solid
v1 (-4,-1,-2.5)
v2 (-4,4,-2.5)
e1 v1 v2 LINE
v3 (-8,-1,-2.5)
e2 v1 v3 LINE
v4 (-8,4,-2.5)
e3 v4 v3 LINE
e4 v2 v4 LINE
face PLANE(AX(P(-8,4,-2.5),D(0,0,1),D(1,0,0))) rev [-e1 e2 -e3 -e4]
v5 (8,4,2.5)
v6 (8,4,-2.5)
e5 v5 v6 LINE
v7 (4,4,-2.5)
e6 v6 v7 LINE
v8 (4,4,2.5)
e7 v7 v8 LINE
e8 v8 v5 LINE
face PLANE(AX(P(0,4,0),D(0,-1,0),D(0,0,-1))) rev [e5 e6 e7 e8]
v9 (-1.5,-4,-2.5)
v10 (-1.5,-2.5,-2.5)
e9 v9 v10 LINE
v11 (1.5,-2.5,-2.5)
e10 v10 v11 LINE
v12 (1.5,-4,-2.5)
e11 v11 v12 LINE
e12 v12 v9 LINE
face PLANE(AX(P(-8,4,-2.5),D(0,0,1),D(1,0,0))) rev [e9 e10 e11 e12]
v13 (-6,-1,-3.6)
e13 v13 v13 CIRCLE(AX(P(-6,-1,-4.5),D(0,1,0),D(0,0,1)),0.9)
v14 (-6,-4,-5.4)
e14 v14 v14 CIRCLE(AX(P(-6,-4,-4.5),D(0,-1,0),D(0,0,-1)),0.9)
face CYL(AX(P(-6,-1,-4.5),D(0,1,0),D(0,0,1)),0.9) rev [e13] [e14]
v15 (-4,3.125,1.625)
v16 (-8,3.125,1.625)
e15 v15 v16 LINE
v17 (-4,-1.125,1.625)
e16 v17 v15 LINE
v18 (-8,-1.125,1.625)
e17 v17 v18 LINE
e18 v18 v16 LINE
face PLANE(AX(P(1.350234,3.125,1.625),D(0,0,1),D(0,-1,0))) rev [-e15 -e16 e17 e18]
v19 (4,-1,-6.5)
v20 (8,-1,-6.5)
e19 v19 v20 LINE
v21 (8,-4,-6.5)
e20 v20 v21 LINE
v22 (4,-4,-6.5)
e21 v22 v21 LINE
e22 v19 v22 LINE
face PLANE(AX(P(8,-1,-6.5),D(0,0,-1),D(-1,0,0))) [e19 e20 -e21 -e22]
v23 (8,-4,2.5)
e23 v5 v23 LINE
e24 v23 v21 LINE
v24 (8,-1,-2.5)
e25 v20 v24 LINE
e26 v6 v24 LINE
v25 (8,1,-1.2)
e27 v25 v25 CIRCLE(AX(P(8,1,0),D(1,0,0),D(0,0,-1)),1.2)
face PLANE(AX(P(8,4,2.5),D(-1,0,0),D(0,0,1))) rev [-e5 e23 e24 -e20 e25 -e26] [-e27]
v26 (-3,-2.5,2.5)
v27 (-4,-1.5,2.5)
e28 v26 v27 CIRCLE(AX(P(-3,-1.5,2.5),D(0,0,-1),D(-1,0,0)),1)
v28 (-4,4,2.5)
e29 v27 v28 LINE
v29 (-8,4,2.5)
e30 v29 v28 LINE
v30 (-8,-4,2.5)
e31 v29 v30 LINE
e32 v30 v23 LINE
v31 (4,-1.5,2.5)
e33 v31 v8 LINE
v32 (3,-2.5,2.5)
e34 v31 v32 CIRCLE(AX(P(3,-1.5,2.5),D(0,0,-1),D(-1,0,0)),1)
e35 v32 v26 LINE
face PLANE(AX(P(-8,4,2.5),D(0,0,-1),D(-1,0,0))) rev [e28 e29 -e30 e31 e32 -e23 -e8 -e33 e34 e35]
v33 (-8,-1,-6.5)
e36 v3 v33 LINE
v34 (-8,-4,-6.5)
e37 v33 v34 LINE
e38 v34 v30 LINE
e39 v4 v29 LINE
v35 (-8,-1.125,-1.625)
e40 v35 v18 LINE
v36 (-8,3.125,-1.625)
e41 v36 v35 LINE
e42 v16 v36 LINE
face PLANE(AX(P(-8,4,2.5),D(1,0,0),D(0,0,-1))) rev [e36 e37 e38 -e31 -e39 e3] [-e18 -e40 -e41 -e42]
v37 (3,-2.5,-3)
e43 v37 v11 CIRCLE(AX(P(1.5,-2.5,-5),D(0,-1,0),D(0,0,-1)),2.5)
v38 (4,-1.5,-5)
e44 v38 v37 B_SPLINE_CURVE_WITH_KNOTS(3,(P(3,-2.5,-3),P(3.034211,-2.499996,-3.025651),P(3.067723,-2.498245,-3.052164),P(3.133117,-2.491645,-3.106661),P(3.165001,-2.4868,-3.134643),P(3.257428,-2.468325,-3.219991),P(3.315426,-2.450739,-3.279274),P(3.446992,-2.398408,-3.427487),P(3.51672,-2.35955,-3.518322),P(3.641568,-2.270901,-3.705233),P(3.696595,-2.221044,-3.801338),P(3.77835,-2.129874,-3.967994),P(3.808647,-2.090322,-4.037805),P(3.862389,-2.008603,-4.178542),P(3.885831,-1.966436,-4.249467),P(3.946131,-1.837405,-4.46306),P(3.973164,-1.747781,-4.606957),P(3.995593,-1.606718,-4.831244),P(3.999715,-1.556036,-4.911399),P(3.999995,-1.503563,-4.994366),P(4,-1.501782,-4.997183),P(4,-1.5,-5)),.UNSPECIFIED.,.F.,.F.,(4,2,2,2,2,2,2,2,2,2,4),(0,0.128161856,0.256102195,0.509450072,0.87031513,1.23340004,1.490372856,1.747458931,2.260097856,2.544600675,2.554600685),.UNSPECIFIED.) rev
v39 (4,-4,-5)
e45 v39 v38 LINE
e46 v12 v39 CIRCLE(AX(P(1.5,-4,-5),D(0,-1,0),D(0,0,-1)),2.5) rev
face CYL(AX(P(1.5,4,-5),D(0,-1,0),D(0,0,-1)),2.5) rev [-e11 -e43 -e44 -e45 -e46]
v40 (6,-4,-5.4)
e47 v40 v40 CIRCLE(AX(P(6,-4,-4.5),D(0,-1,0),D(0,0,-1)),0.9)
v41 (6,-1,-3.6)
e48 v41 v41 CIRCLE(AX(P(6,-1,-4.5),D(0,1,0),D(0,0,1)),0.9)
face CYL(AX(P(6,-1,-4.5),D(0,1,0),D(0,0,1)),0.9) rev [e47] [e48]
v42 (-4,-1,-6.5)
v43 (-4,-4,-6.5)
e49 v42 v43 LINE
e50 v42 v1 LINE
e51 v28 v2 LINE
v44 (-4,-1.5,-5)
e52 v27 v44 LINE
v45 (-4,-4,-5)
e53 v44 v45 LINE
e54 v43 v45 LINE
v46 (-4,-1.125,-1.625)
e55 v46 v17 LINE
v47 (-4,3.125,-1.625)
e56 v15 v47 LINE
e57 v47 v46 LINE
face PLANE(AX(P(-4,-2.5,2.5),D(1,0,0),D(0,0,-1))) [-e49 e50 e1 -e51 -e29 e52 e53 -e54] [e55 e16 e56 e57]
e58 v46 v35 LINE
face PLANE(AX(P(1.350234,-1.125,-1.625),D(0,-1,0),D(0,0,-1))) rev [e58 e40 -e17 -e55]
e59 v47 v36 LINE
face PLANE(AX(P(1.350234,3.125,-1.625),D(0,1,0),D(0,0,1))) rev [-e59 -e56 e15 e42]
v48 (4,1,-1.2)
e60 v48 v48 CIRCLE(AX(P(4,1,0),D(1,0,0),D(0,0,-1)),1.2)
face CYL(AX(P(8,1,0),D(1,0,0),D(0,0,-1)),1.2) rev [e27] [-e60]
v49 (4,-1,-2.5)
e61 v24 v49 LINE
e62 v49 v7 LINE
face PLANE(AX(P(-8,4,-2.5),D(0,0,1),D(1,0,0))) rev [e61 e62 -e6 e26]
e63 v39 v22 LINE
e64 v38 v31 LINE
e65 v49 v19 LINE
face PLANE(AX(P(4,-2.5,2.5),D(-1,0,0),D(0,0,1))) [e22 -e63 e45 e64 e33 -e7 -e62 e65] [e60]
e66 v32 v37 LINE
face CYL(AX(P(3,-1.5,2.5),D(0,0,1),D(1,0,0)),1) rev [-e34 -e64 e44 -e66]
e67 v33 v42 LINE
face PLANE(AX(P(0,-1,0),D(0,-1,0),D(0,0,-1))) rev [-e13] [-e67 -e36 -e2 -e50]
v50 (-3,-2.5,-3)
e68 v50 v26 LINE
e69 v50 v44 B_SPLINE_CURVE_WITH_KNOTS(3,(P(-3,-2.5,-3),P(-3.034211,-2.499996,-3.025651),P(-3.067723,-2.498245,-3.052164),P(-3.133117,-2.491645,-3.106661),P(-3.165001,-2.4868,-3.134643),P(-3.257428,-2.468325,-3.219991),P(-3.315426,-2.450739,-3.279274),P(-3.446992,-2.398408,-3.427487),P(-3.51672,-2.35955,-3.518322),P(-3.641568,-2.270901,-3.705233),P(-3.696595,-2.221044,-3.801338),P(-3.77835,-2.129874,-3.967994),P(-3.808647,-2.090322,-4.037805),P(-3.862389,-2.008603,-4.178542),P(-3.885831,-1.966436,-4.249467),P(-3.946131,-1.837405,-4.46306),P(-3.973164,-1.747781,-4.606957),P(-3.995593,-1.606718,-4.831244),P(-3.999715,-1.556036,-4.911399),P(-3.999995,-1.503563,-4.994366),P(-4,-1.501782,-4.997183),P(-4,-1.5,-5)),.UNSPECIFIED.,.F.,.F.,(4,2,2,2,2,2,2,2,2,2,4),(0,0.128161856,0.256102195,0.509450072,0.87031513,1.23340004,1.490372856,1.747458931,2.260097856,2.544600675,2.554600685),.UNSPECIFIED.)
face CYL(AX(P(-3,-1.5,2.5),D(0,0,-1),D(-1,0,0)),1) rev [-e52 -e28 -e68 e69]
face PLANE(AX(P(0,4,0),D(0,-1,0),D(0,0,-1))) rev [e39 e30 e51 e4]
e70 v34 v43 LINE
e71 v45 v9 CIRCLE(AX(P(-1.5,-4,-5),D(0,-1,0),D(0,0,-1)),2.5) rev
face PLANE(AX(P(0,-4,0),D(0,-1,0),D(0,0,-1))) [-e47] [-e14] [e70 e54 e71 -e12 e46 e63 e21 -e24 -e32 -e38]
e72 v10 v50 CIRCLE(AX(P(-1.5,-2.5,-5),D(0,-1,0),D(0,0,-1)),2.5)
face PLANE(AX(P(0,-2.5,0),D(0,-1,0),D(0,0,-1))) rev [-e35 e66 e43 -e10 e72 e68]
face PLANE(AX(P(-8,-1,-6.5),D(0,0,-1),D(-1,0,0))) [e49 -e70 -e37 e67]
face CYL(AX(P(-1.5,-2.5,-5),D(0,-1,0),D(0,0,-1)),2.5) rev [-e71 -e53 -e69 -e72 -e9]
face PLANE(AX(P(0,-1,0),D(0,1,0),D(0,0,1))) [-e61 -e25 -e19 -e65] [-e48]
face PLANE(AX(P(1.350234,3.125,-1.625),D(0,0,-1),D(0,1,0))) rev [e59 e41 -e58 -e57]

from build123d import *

# Parameters (mm, degrees)
SKETCH1_W                  = 16
SKETCH1_H                  = 5
BOSS_EXTRUDE1_DEPTH        = 4
SKETCH2_W                  = 8
SKETCH2_H                  = 5
CUT_EXTRUDE1_DEPTH         = 6.5
SKETCH3_W                  = 3.25
SKETCH3_H                  = 4.25
CUT_EXTRUDE2_DEPTH         = 4
M2_CLEARANCE_HOLE2_D       = 2.4
M2_CLEARANCE_HOLE2_DEPTH   = 4
M2_CLEARANCE_HOLE2_TIP     = 0.721032743
SKETCH10_W                 = 4
SKETCH10_H                 = 4
BOSS_EXTRUDE2_DEPTH        = 3
M1_6_CLEARANCE_HOLE1_D     = 1.8
M1_6_CLEARANCE_HOLE1_DEPTH = 4
M1_6_CLEARANCE_HOLE1_TIP   = 0.540774557
FILLET1_R                  = 1
FILLET2_R                  = 2.5


with BuildPart() as part:
    # Sketch1 → Boss-Extrude1 (new, symmetric)
    with BuildSketch(Plane(origin=(0, 0, 0), x_dir=(1, 0, 0), z_dir=(0, 1, 0))):
        Rectangle(SKETCH1_W, SKETCH1_H)
    extrude(amount=BOSS_EXTRUDE1_DEPTH, both=True)

    # Sketch2 → Cut-Extrude1 (cut)
    with BuildSketch(Plane(origin=(0, 4, 5), x_dir=(1, 0, 0), z_dir=(0, -1, 0))):
        with Locations((0, -5)):
            Rectangle(SKETCH2_W, SKETCH2_H)
    extrude(amount=CUT_EXTRUDE1_DEPTH, mode=Mode.SUBTRACT)

    # Sketch3 → Cut-Extrude2 (cut)
    with BuildSketch(Plane.ZY.offset(8)):
        with Locations((0, 1)):
            Rectangle(SKETCH3_W, SKETCH3_H)
    extrude(amount=-CUT_EXTRUDE2_DEPTH, mode=Mode.SUBTRACT)

    # M2 Clearance Hole2
    with Locations(Plane(origin=(8, 0, 0), x_dir=(0, 0, -1), z_dir=(1, 0, 0))):
        with Locations((0, 1)):
            Hole(M2_CLEARANCE_HOLE2_D / 2, depth=M2_CLEARANCE_HOLE2_DEPTH)
            with Locations((0, 0, -(M2_CLEARANCE_HOLE2_DEPTH + M2_CLEARANCE_HOLE2_TIP / 2))):  # 118° drill point
                Cone(0, M2_CLEARANCE_HOLE2_D / 2, M2_CLEARANCE_HOLE2_TIP, mode=Mode.SUBTRACT)

    # Sketch10 → Boss-Extrude2 (add)
    with BuildSketch(Plane.XZ.offset(4)):
        with Locations((6, -4.5)):
            Rectangle(SKETCH10_W, SKETCH10_H)
        with Locations((-6, -4.5)):
            Rectangle(SKETCH10_W, SKETCH10_H)
    extrude(amount=-BOSS_EXTRUDE2_DEPTH)

    # M1.6 Clearance Hole1
    with Locations(Plane(origin=(0, -1, 0), x_dir=(1, 0, 0), z_dir=(0, 1, 0))):
        with Locations((6, 4.5), (-6, 4.5)):
            Hole(M1_6_CLEARANCE_HOLE1_D / 2, depth=M1_6_CLEARANCE_HOLE1_DEPTH)
            with Locations((0, 0, -(M1_6_CLEARANCE_HOLE1_DEPTH + M1_6_CLEARANCE_HOLE1_TIP / 2))):  # 118° drill point
                Cone(0, M1_6_CLEARANCE_HOLE1_D / 2, M1_6_CLEARANCE_HOLE1_TIP, mode=Mode.SUBTRACT)

    # Fillet1
    fillet1_edges = [part.edges().sort_by_distance(p)[0] for p in [
        (4, -2.5, 0),
        (-4, -2.5, 0),
    ]]
    fillet(fillet1_edges, radius=FILLET1_R)

    # Fillet2
    fillet2_edges = [part.edges().sort_by_distance(p)[0] for p in [
        (-4, -2.75, -2.5),
        (4, -2.75, -2.5),
    ]]
    fillet(fillet2_edges, radius=FILLET2_R)


solid = part.part
